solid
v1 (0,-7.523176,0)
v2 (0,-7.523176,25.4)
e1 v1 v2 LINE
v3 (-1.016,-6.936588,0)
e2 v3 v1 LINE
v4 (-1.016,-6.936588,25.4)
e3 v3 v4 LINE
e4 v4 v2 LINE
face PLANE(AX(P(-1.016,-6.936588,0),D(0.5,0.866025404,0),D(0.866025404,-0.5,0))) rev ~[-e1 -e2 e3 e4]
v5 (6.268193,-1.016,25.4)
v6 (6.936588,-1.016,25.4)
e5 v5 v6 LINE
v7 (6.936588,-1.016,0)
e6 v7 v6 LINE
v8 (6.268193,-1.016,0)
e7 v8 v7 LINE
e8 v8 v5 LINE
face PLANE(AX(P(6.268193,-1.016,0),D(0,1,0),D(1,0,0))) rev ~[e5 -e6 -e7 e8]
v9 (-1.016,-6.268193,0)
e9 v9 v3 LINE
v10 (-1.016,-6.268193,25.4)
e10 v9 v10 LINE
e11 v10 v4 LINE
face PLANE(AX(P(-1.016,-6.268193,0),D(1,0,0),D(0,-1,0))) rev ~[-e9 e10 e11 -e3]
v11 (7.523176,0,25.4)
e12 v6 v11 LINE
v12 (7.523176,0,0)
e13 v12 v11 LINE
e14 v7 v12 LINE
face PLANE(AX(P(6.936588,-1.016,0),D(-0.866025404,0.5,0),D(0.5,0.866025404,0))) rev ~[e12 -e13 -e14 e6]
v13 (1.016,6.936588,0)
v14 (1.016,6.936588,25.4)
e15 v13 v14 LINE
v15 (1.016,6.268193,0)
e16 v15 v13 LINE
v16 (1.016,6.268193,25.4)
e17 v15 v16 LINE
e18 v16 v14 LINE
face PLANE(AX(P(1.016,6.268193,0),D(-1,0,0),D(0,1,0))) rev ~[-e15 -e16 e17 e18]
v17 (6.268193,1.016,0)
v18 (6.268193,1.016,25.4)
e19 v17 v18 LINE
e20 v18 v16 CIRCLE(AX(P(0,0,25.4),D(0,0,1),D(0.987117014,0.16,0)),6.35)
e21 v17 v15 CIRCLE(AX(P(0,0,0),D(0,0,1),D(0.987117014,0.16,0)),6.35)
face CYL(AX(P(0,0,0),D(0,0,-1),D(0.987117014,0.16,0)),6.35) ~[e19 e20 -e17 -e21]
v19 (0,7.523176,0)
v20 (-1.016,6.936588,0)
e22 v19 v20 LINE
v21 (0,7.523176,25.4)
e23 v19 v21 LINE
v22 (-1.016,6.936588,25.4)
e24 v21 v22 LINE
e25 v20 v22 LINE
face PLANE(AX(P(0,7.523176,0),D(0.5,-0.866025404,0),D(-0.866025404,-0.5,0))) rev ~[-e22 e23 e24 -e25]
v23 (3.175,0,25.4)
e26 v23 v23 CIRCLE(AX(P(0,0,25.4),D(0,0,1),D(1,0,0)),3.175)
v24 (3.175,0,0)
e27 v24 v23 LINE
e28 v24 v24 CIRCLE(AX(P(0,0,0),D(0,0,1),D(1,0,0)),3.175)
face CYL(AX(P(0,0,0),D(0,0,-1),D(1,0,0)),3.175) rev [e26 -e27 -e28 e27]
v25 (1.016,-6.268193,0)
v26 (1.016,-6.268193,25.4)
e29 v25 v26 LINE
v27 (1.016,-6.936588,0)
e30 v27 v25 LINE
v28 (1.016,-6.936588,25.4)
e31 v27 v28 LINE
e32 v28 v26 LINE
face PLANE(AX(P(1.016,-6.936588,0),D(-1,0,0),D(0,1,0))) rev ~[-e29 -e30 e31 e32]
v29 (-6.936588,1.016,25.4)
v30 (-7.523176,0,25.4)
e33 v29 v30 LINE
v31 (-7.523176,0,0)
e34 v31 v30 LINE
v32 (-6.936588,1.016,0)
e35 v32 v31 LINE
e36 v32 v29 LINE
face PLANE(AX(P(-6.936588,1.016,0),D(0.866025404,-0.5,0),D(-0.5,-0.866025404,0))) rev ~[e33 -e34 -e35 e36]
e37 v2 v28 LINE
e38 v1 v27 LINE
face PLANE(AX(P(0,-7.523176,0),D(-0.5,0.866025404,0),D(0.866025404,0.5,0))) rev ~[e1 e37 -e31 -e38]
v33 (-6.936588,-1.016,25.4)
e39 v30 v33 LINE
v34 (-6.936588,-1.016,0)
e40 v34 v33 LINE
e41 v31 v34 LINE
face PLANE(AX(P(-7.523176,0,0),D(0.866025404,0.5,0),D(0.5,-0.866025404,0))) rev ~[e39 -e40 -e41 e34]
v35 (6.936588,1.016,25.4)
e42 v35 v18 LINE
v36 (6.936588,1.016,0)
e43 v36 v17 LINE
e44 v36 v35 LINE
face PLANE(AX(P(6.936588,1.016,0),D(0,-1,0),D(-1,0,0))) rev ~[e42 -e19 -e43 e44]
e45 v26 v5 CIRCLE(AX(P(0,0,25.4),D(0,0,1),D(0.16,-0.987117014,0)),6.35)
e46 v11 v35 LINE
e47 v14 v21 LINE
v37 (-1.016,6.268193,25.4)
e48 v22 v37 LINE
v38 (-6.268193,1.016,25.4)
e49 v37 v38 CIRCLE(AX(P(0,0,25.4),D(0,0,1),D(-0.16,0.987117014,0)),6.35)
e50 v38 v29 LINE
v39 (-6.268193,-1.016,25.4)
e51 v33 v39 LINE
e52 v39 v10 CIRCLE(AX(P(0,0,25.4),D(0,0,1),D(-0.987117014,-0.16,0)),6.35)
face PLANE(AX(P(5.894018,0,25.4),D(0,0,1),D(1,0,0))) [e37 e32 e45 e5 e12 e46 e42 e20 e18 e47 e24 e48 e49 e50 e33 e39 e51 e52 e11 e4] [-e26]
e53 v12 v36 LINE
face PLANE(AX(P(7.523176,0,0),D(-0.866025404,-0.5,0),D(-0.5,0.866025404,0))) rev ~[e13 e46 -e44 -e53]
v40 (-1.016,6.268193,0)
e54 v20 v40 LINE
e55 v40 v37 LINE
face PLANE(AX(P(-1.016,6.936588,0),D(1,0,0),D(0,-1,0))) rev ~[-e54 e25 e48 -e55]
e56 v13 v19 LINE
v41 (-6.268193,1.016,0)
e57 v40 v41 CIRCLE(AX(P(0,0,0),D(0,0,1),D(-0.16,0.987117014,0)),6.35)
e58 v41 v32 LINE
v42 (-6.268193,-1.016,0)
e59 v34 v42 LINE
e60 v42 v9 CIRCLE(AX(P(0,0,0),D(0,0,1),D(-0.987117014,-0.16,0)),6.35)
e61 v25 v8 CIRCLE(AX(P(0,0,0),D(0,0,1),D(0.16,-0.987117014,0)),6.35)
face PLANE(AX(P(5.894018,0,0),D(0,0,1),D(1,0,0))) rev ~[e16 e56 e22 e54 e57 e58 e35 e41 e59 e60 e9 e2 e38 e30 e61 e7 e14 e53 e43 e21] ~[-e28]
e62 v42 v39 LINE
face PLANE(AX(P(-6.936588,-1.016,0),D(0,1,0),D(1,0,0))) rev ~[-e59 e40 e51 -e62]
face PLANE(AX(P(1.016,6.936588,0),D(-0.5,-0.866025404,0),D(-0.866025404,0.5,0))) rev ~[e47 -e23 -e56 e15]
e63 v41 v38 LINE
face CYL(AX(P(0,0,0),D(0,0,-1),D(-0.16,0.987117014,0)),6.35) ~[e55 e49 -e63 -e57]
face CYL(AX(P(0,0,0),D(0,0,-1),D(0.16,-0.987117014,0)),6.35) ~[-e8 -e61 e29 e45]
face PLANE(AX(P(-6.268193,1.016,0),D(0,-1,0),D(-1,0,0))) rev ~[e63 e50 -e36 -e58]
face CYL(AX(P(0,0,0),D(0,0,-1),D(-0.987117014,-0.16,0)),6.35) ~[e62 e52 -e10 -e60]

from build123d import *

# Parameters (mm, degrees)
F0_R     = 3.175
F1_DEPTH = 25.4


with BuildPart() as f1:
    # F0 (on Top) → F1 (new body)
    with BuildSketch(Plane.XY):
        with BuildLine():
            ThreePointArc((6.2681930411, -1.016), (6.3295152188, -0.5096440862), (6.35, 0))
            ThreePointArc((6.35, 0), (6.3295152188, 0.5096440862), (6.2681930411, 1.016))
            Line((6.2681930411, 1.016), (5.7634121265, 1.016))
            Line((5.7634121265, 1.016), (5.176824253, 0))
            Line((5.176824253, 0), (5.7634121265, -1.016))
            Line((5.7634121265, -1.016), (6.2681930411, -1.016))
        make_face()
        with BuildLine():
            ThreePointArc((6.2681930411, 1.016), (6.3295152188, 0.5096440862), (6.35, 0))
            ThreePointArc((6.35, 0), (6.3295152188, -0.5096440862), (6.2681930411, -1.016))
            Line((6.2681930411, -1.016), (6.9365878735, -1.016))
            Line((6.9365878735, -1.016), (7.523175747, 0))
            Line((7.523175747, 0), (6.9365878735, 1.016))
            Line((6.9365878735, 1.016), (6.2681930411, 1.016))
        make_face()
        with BuildLine():
            Line((5.7634121265, 1.016), (6.2681930411, 1.016))
            ThreePointArc((6.2681930411, 1.016), (4.4901280605, 4.4901280605), (1.016, 6.2681930411))
            Line((1.016, 6.2681930411), (1.016, 5.7634121265))
            Line((1.016, 5.7634121265), (0, 5.176824253))
            Line((0, 5.176824253), (-1.016, 5.7634121265))
            Line((-1.016, 5.7634121265), (-1.016, 6.2681930411))
            ThreePointArc((-1.016, 6.2681930411), (-4.4901280605, 4.4901280605), (-6.2681930411, 1.016))
            Line((-6.2681930411, 1.016), (-5.7634121265, 1.016))
            Line((-5.7634121265, 1.016), (-5.176824253, 0))
            Line((-5.176824253, 0), (-5.7634121265, -1.016))
            Line((-5.7634121265, -1.016), (-6.2681930411, -1.016))
            ThreePointArc((-6.2681930411, -1.016), (-4.4901280605, -4.4901280605), (-1.016, -6.2681930411))
            Line((-1.016, -6.2681930411), (-1.016, -5.7634121265))
            Line((-1.016, -5.7634121265), (0, -5.176824253))
            Line((0, -5.176824253), (1.016, -5.7634121265))
            Line((1.016, -5.7634121265), (1.016, -6.2681930411))
            ThreePointArc((1.016, -6.2681930411), (4.4901280605, -4.4901280605), (6.2681930411, -1.016))
            Line((6.2681930411, -1.016), (5.7634121265, -1.016))
            Line((5.7634121265, -1.016), (5.176824253, 0))
            Line((5.176824253, 0), (5.7634121265, 1.016))
        make_face()
        Circle(F0_R, mode=Mode.SUBTRACT)
        with BuildLine():
            Line((1.016, 5.7634121265), (1.016, 6.2681930411))
            ThreePointArc((1.016, 6.2681930411), (0, 6.35), (-1.016, 6.2681930411))
            Line((-1.016, 6.2681930411), (-1.016, 5.7634121265))
            Line((-1.016, 5.7634121265), (0, 5.176824253))
            Line((0, 5.176824253), (1.016, 5.7634121265))
        make_face()
        with BuildLine():
            ThreePointArc((-1.016, 6.2681930411), (0, 6.35), (1.016, 6.2681930411))
            Line((1.016, 6.2681930411), (1.016, 6.9365878735))
            Line((1.016, 6.9365878735), (0, 7.523175747))
            Line((0, 7.523175747), (-1.016, 6.9365878735))
            Line((-1.016, 6.9365878735), (-1.016, 6.2681930411))
        make_face()
        with BuildLine():
            Line((1.016, -6.9365878735), (1.016, -6.2681930411))
            ThreePointArc((1.016, -6.2681930411), (0, -6.35), (-1.016, -6.2681930411))
            Line((-1.016, -6.2681930411), (-1.016, -6.9365878735))
            Line((-1.016, -6.9365878735), (0, -7.523175747))
            Line((0, -7.523175747), (1.016, -6.9365878735))
        make_face()
        with BuildLine():
            ThreePointArc((-1.016, -6.2681930411), (0, -6.35), (1.016, -6.2681930411))
            Line((1.016, -6.2681930411), (1.016, -5.7634121265))
            Line((1.016, -5.7634121265), (0, -5.176824253))
            Line((0, -5.176824253), (-1.016, -5.7634121265))
            Line((-1.016, -5.7634121265), (-1.016, -6.2681930411))
        make_face()
        with BuildLine():
            Line((-5.7634121265, 1.016), (-6.2681930411, 1.016))
            ThreePointArc((-6.2681930411, 1.016), (-6.35, 0), (-6.2681930411, -1.016))
            Line((-6.2681930411, -1.016), (-5.7634121265, -1.016))
            Line((-5.7634121265, -1.016), (-5.176824253, 0))
            Line((-5.176824253, 0), (-5.7634121265, 1.016))
        make_face()
        with BuildLine():
            ThreePointArc((-6.2681930411, -1.016), (-6.35, 0), (-6.2681930411, 1.016))
            Line((-6.2681930411, 1.016), (-6.9365878735, 1.016))
            Line((-6.9365878735, 1.016), (-7.523175747, 0))
            Line((-7.523175747, 0), (-6.9365878735, -1.016))
            Line((-6.9365878735, -1.016), (-6.2681930411, -1.016))
        make_face()
    extrude(amount=F1_DEPTH)


solid = f1.part
